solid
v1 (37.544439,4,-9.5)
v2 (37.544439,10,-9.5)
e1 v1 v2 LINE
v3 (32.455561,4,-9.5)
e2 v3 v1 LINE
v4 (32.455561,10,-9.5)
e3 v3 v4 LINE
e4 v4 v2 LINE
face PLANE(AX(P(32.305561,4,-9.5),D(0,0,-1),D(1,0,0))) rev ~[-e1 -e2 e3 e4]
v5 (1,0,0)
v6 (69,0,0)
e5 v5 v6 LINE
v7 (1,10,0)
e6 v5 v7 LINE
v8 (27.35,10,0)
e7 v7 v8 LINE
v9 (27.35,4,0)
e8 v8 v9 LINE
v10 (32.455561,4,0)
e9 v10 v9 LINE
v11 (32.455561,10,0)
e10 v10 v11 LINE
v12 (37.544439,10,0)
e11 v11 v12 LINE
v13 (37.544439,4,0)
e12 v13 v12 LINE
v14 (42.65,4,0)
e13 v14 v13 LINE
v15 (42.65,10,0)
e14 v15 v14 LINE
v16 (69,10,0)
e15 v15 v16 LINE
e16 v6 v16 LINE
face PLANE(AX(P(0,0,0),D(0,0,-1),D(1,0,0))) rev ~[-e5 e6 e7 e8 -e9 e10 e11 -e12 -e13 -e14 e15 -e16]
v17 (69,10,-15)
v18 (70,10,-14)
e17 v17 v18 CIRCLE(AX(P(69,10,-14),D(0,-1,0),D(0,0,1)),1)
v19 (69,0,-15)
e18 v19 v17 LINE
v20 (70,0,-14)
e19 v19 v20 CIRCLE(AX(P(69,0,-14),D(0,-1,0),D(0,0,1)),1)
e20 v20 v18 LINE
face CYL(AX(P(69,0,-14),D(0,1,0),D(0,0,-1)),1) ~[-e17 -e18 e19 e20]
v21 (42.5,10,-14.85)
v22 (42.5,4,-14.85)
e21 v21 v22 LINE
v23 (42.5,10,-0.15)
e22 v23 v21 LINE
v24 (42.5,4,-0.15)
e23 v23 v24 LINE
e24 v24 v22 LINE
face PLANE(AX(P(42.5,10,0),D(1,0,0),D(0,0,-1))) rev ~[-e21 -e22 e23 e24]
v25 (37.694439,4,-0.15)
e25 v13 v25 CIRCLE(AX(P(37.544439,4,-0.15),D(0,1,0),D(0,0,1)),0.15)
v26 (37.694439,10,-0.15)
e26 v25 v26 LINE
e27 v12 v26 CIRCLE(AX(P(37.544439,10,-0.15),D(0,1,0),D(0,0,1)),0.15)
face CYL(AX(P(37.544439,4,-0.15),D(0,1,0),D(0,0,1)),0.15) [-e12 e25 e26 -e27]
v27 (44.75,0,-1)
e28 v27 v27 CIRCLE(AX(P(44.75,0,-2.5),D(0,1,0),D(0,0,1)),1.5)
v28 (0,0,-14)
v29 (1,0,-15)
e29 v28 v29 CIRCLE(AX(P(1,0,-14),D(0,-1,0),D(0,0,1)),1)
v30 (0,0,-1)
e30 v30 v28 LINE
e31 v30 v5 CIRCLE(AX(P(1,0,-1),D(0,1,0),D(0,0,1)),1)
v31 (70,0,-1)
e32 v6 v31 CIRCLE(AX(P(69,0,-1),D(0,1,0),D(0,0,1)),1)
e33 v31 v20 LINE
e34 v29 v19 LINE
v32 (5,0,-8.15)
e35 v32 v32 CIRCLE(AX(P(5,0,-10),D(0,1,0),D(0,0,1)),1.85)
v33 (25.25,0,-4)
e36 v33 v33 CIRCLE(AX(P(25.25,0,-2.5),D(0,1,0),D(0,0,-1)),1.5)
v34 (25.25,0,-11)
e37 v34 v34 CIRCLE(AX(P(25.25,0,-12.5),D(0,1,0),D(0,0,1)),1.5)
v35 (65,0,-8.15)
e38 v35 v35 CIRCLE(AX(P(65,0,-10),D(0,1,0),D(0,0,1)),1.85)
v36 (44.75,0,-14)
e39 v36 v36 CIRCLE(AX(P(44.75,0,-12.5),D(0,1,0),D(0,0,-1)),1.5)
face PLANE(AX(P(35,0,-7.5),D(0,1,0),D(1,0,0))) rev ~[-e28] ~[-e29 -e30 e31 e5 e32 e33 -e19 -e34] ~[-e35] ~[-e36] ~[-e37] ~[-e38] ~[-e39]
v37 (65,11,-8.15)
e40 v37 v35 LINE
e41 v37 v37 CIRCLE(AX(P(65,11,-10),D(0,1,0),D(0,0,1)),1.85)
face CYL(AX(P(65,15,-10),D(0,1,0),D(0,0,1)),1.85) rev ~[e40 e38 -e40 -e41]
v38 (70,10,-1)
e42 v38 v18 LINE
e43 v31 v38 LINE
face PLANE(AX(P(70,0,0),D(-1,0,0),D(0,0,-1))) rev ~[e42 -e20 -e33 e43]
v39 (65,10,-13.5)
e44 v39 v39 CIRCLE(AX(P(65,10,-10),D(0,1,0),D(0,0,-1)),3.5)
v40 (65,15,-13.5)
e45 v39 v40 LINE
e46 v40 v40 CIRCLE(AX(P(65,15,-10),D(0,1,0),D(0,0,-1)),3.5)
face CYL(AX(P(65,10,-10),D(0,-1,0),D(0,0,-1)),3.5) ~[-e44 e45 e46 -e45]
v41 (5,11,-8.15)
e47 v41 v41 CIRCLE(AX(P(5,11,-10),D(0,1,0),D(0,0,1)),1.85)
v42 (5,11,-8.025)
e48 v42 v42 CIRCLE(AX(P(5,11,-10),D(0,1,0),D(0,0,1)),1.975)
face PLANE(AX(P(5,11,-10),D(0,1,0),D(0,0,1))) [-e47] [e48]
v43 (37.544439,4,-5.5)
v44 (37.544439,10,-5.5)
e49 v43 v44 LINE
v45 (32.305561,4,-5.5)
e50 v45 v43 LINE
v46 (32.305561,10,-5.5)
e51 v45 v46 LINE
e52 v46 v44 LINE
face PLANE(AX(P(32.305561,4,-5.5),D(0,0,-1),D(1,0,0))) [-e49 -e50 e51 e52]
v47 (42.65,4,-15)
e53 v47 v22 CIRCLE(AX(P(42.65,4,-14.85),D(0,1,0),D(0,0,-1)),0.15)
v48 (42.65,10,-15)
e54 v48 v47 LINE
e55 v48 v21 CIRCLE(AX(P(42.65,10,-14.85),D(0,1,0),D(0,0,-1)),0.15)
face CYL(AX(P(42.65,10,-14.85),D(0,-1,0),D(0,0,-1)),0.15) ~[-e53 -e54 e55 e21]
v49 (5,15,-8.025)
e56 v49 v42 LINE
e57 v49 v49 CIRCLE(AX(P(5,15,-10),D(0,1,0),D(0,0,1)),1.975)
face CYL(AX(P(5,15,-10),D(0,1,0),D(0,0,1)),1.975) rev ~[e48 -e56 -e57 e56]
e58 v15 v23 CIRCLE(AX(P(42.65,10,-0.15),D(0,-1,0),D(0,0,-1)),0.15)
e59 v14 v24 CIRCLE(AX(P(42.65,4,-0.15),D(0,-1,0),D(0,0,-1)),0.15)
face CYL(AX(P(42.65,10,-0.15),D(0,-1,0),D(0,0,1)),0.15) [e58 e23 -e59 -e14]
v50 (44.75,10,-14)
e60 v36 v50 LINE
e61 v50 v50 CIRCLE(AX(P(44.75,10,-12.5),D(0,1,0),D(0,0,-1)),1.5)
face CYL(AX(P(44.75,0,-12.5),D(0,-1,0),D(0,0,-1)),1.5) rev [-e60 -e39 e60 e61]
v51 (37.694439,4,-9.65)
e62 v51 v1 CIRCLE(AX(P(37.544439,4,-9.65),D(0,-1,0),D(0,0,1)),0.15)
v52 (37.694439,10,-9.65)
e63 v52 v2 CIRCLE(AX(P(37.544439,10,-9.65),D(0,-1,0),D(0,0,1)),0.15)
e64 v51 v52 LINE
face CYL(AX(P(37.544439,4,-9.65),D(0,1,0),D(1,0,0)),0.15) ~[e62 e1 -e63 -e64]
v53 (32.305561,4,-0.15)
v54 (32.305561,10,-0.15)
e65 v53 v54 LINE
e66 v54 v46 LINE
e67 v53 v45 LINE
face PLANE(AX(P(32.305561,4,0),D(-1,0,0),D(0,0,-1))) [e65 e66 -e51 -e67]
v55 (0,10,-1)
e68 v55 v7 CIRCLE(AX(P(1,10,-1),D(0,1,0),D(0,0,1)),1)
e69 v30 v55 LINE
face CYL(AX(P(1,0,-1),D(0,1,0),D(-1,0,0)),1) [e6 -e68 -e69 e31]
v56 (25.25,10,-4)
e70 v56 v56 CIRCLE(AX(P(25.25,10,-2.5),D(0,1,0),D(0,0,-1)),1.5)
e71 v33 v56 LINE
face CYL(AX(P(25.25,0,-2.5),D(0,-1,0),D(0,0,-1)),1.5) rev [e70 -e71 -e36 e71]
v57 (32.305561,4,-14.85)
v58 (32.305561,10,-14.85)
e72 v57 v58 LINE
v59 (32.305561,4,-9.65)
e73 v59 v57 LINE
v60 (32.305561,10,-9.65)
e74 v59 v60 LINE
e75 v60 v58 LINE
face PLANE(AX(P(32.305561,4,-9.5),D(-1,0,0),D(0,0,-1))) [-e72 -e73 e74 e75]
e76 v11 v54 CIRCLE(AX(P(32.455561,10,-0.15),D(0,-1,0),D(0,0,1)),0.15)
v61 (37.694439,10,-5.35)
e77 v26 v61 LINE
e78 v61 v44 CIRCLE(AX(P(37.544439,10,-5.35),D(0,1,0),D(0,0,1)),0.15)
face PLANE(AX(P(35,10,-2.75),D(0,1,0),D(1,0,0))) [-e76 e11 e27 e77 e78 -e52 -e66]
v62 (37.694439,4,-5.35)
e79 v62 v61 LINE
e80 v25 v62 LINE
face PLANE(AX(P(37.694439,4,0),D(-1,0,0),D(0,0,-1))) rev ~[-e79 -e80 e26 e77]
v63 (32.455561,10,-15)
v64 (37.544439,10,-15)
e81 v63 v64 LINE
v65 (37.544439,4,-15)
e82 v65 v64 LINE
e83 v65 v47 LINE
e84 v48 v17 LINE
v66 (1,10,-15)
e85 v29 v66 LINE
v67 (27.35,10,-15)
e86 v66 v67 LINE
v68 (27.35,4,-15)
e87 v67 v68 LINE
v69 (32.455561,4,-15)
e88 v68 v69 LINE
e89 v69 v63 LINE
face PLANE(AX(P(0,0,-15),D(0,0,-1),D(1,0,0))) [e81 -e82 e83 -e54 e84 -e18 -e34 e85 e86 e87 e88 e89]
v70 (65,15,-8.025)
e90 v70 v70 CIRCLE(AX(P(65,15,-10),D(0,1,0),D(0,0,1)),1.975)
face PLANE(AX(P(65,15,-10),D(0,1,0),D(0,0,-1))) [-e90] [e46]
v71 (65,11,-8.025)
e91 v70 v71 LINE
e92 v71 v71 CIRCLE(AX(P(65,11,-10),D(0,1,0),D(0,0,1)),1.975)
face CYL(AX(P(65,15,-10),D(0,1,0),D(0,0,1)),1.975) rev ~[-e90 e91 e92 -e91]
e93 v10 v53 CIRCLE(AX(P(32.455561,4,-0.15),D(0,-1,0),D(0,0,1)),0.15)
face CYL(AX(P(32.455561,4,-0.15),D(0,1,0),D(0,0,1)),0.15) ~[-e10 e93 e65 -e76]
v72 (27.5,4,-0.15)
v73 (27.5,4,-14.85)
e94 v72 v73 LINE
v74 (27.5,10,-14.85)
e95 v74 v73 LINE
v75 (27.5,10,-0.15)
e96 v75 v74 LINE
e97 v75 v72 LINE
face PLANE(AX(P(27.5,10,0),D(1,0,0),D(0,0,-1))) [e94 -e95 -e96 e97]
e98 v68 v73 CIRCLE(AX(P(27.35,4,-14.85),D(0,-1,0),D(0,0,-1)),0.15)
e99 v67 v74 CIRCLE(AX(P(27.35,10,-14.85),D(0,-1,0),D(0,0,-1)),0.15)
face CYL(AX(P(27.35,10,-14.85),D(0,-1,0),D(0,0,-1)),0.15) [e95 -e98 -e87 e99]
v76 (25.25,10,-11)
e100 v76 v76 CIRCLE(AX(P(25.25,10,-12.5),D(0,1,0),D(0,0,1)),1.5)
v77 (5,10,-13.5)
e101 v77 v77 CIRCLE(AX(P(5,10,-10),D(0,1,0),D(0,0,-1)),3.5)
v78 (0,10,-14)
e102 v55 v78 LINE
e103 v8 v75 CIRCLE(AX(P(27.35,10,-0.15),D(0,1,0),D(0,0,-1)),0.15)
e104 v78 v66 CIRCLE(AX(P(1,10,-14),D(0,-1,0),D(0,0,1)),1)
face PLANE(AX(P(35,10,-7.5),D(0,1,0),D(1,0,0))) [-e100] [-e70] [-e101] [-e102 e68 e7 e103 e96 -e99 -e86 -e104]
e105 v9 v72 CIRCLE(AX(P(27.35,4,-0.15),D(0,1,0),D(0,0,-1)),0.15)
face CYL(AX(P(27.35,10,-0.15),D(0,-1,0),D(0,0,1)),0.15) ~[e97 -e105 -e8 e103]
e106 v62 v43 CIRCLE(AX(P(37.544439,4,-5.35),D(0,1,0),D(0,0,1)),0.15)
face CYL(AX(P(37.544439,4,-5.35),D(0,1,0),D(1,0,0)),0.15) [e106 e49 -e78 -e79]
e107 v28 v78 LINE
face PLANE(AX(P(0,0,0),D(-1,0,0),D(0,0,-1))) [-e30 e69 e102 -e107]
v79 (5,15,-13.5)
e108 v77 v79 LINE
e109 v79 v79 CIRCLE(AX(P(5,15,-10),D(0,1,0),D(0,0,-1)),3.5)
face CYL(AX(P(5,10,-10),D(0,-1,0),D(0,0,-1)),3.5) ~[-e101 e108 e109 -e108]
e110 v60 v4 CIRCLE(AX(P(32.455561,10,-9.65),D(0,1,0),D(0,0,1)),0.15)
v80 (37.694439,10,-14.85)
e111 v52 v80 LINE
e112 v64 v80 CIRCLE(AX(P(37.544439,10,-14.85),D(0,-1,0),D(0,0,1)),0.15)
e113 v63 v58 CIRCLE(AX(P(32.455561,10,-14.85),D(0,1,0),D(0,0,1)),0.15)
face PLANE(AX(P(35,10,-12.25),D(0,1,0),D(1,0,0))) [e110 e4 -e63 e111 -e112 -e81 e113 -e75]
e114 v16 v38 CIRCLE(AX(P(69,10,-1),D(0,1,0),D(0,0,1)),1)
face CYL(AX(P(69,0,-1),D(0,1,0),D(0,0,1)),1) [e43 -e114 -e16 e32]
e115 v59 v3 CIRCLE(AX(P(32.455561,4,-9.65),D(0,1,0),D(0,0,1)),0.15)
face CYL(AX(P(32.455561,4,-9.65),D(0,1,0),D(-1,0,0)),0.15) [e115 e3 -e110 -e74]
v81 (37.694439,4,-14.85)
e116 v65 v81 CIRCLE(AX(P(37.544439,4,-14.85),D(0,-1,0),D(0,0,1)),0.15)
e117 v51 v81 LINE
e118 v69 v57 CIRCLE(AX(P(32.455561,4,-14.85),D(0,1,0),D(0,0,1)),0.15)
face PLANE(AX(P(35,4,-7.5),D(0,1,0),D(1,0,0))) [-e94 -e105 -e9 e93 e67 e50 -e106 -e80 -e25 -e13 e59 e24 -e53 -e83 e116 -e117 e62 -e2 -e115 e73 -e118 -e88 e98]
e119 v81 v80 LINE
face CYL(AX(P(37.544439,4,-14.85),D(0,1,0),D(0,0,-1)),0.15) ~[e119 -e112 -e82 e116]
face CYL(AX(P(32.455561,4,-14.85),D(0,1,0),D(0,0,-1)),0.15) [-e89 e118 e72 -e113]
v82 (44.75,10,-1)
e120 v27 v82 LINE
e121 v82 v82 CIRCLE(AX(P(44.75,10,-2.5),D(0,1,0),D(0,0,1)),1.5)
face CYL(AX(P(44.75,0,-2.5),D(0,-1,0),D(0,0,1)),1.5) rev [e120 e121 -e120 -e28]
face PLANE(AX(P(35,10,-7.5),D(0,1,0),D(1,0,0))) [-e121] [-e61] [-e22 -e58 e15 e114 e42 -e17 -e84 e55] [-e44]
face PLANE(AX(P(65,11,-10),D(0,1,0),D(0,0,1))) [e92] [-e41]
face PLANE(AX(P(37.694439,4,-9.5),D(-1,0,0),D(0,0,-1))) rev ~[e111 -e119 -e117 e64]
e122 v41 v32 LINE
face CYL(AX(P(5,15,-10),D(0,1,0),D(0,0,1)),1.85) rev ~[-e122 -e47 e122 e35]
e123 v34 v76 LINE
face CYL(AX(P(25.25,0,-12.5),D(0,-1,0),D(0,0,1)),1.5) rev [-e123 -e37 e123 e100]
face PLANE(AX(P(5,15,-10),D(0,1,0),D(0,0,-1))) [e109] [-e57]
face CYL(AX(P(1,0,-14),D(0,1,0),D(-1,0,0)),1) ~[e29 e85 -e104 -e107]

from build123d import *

# Parameters (mm, degrees)
SKETCH1_W           = 70
SKETCH1_H           = 15
SKETCH1_R           = 1.75
SKETCH1_R_2         = 1.5
BOSS_EXTRUDE1_DEPTH = 10
SKETCH2_W           = 15
SKETCH2_H           = 15
CUT_EXTRUDE1_DEPTH  = 6
SKETCH3_W           = 5.388877434
SKETCH3_H           = 5.5
BOSS_EXTRUDE2_DEPTH = 6
FILLET1_R           = 1
FILLET2_R           = 0.15
SKETCH4_R           = 3.5
SKETCH4_R_2         = 1.75
BOSS_EXTRUDE3_DEPTH = 5
SKETCH5_R           = 1.85
CUT_EXTRUDE2_DEPTH  = 74.143694192
SKETCH6_R           = 1.975
CUT_EXTRUDE3_DEPTH  = 4


with BuildPart() as part:
    # Sketch1 → Boss-Extrude1 (new body)
    with BuildSketch(Plane(origin=(0, 0, 0), x_dir=(1, 0, 0), z_dir=(0, 1, 0))):
        with Locations((35, 7.5)):
            Rectangle(SKETCH1_W, SKETCH1_H)
        with Locations(Location((5, 10, 0), (0, 0, 270))):
            Circle(SKETCH1_R, mode=Mode.SUBTRACT)
        with Locations(Location((65, 10, 0), (0, 0, 270))):
            Circle(SKETCH1_R, mode=Mode.SUBTRACT)
        with Locations(Location((25.25, 12.5, 0), (0, 0, 270))):
            Circle(SKETCH1_R_2, mode=Mode.SUBTRACT)
        with Locations(Location((44.75, 12.5, 0), (0, 0, 90))):
            Circle(SKETCH1_R_2, mode=Mode.SUBTRACT)
        with Locations(Location((44.75, 2.5, 0), (0, 0, 270))):
            Circle(SKETCH1_R_2, mode=Mode.SUBTRACT)
        with Locations(Location((25.25, 2.5, 0), (0, 0, 90))):
            Circle(SKETCH1_R_2, mode=Mode.SUBTRACT)
    extrude(amount=BOSS_EXTRUDE1_DEPTH)

    # Sketch2 → Cut-Extrude1 (cut)
    with BuildSketch(Plane(origin=(0, 10, 0), x_dir=(1, 0, 0), z_dir=(0, 1, 0))):
        with Locations((35, 7.5)):
            Rectangle(SKETCH2_W, SKETCH2_H)
    extrude(amount=-CUT_EXTRUDE1_DEPTH, mode=Mode.SUBTRACT)

    # Sketch3 → Boss-Extrude2 (add)
    with BuildSketch(Plane(origin=(0, 4, 0), x_dir=(1, 0, 0), z_dir=(0, 1, 0))):
        with Locations((35, 12.25)):
            Rectangle(SKETCH3_W, SKETCH3_H)
        with Locations((35, 2.75)):
            Rectangle(SKETCH3_W, SKETCH3_H)
    extrude(amount=BOSS_EXTRUDE2_DEPTH)

    # Fillet1
    fillet1_edges = [part.edges().sort_by_distance(p)[0] for p in [
        (0, 5, -15),
        (70, 5, -15),
        (70, 5, 0),
        (0, 5, 0),
    ]]
    fillet(fillet1_edges, radius=FILLET1_R)

    # Fillet2
    fillet2_edges = [part.edges().sort_by_distance(p)[0] for p in [
        (27.5, 7, 0),
        (27.5, 7, -15),
        (42.5, 7, -15),
        (42.5, 7, 0),
        (32.305561283, 7, -15),
        (32.305561283, 7, -9.5),
        (37.694438717, 7, -9.5),
        (37.694438717, 7, -15),
        (32.305561283, 7, 0),
        (37.694438717, 7, 0),
        (37.694438717, 7, -5.5),
    ]]
    fillet(fillet2_edges, radius=FILLET2_R)

    # Sketch4 → Boss-Extrude3 (add)
    # profile 1 of 2: a face of its own
    with BuildSketch(Plane(origin=(0, 10, 0), x_dir=(1, 0, 0), z_dir=(0, 1, 0))):
        with Locations(Location((5, 10, 0), (0, 0, 90))):
            Circle(SKETCH4_R)
        with Locations(Location((5, 10, 0), (0, 0, 90))):
            Circle(SKETCH4_R_2, mode=Mode.SUBTRACT)
    # profile 2 of 2: a face of its own
    with BuildSketch(Plane(origin=(0, 10, 0), x_dir=(1, 0, 0), z_dir=(0, 1, 0))):
        with Locations(Location((65, 10, 0), (0, 0, 90))):
            Circle(SKETCH4_R)
        with Locations(Location((65, 10, 0), (0, 0, 90))):
            Circle(SKETCH4_R_2, mode=Mode.SUBTRACT)
    extrude(amount=BOSS_EXTRUDE3_DEPTH)

    # Sketch5 → Cut-Extrude2 (cut, through all)
    with BuildSketch(Plane(origin=(0, 15, 0), x_dir=(1, 0, 0), z_dir=(0, 1, 0))):
        with Locations(Location((5, 10, 0), (0, 0, 270))):
            Circle(SKETCH5_R)
        with Locations(Location((65, 10, 0), (0, 0, 270))):
            Circle(SKETCH5_R)
    extrude(amount=-CUT_EXTRUDE2_DEPTH, mode=Mode.SUBTRACT)

    # Sketch6 → Cut-Extrude3 (cut)
    with BuildSketch(Plane(origin=(0, 15, 0), x_dir=(1, 0, 0), z_dir=(0, 1, 0))):
        with Locations(Location((5, 10, 0), (0, 0, 270))):
            Circle(SKETCH6_R)
        with Locations(Location((65, 10, 0), (0, 0, 270))):
            Circle(SKETCH6_R)
    extrude(amount=-CUT_EXTRUDE3_DEPTH, mode=Mode.SUBTRACT)


solid = part.part
